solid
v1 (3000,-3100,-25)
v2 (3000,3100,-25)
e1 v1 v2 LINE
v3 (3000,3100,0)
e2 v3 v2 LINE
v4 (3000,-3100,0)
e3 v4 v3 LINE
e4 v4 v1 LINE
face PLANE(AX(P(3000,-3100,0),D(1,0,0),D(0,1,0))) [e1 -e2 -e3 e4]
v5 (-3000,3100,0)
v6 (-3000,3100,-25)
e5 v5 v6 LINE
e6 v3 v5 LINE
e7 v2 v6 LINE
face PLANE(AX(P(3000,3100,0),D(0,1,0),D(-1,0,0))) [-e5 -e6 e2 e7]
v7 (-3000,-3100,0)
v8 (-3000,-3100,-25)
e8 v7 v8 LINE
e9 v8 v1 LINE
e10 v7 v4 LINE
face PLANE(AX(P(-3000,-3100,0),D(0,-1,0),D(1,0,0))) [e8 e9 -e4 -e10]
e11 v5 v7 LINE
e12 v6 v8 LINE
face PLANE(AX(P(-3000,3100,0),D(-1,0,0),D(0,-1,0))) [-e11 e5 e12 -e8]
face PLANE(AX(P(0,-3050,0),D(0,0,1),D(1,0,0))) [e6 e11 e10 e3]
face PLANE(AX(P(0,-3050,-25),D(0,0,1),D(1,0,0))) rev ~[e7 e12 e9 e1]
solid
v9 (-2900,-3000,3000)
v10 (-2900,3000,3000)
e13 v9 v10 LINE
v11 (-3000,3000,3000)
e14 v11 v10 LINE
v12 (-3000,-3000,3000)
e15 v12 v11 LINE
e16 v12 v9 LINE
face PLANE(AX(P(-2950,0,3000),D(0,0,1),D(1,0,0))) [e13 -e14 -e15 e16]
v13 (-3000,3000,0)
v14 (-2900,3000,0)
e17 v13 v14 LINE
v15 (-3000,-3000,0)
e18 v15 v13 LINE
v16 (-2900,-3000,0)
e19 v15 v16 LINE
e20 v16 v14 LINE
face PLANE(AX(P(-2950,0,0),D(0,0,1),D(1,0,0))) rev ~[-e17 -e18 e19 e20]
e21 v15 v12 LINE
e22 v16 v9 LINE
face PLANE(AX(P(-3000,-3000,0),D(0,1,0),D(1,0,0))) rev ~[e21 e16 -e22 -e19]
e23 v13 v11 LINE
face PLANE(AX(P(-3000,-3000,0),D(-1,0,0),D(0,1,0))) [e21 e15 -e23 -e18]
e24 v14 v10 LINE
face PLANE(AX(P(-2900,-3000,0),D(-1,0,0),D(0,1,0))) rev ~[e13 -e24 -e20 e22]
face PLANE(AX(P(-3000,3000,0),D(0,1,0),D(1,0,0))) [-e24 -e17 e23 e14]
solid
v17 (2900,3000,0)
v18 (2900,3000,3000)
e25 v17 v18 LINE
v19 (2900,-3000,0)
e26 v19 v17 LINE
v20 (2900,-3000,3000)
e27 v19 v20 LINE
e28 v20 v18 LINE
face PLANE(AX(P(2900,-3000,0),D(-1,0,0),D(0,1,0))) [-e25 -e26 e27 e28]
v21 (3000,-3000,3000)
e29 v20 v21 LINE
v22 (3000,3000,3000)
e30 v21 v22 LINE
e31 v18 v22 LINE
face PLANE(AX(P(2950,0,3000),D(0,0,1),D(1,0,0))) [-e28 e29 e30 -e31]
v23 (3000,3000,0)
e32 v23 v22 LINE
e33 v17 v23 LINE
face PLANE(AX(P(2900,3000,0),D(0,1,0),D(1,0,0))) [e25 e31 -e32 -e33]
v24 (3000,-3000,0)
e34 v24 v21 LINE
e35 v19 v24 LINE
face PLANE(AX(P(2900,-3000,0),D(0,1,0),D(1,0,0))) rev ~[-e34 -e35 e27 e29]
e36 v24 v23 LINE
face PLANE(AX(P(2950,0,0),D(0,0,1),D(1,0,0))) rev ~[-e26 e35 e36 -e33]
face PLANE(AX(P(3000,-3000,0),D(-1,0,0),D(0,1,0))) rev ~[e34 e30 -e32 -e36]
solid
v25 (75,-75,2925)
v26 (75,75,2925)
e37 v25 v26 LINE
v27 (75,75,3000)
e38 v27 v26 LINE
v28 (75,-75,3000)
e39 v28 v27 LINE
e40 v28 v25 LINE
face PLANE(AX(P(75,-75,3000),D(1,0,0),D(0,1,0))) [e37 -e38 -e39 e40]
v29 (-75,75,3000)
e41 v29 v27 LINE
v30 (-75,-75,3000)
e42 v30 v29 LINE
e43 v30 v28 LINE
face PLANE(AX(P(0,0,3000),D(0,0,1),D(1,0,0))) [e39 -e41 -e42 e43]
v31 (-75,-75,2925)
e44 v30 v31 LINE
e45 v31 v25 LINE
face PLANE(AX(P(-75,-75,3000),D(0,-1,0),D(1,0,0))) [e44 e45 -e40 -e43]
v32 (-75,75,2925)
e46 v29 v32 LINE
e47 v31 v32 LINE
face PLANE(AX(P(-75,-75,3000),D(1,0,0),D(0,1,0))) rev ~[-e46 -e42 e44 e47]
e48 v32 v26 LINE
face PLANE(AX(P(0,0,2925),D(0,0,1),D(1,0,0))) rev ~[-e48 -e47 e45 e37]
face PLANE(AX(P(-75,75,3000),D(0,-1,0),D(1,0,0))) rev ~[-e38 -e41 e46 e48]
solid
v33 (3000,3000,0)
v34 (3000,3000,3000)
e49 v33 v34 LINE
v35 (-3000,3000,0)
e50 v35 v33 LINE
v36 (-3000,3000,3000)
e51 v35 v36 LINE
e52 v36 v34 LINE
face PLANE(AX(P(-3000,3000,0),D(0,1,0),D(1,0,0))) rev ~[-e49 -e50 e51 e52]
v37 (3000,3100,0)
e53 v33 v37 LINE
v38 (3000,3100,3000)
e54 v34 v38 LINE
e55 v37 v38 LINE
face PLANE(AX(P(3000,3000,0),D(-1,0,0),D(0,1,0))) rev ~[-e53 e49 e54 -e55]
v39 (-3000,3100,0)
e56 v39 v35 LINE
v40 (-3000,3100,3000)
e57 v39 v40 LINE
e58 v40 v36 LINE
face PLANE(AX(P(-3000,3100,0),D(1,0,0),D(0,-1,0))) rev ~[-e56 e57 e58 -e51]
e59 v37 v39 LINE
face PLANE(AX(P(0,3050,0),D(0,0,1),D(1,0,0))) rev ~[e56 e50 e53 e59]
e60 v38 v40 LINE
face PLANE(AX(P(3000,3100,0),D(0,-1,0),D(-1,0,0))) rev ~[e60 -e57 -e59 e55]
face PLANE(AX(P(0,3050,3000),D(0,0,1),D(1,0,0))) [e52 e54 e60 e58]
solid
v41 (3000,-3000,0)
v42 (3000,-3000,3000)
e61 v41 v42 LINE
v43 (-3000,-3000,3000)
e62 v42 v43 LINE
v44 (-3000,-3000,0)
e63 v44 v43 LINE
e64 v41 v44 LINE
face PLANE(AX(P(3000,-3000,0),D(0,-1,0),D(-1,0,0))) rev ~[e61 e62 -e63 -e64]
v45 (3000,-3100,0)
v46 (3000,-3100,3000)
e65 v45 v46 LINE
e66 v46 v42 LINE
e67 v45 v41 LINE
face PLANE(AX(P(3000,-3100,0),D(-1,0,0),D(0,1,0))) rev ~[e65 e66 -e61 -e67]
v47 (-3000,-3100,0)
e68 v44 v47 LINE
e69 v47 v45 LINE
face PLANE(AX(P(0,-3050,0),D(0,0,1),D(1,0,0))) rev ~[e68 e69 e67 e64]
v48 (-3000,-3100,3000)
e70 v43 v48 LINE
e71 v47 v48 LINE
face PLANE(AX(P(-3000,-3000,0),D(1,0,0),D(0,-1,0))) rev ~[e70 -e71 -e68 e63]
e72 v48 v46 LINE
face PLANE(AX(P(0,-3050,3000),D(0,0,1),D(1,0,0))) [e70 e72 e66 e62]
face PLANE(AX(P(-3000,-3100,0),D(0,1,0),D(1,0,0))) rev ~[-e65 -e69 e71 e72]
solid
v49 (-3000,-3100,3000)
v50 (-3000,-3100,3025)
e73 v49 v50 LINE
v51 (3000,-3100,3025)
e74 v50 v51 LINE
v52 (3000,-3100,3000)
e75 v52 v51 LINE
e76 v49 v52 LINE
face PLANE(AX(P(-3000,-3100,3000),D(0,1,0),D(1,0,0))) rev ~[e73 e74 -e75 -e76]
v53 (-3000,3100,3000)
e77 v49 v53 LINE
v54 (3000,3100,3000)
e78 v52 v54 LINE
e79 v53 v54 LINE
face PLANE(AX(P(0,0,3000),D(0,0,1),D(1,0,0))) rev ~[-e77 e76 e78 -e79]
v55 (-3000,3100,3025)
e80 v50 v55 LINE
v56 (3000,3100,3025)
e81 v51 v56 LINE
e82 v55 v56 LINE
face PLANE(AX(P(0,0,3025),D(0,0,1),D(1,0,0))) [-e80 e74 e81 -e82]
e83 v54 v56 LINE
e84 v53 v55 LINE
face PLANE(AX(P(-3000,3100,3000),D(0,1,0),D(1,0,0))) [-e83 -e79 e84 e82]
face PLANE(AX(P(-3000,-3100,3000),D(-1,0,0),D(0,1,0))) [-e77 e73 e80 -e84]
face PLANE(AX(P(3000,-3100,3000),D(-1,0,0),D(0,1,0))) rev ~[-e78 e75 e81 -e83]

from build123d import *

# Parameters (mm, degrees)
F1_DEPTH = 3000
F0_W     = 100
F0_H     = 6000
F2_DEPTH = 3000
F3_DEPTH = 3000
F4_DEPTH = 3000
F0_W_2   = 5800
F5_DEPTH = 25
F6_W     = 6000
F6_H     = 6200
F6_W_2   = 150
F6_H_2   = 150
F7_DEPTH = 25
F8_DEPTH = 75


with BuildPart() as f1:
    # F0 (on Top) → F1 (new body)
    with BuildSketch(Plane.XY):
        Polygon((-3000, 3100), (-3000, 3000), (-2900, 3000), (2900, 3000), (3000, 3000), (3000, 3100), align=None)
    extrude(amount=F1_DEPTH)


with BuildPart() as f2:
    # F0 (on Top) → F2 (new body, through all)
    with BuildSketch(Plane.XY):
        with Locations((-2950, 0)):
            Rectangle(F0_W, F0_H)
    extrude(amount=F2_DEPTH)


with BuildPart() as f3:
    # F0 (on Top) → F3 (new body, through all)
    with BuildSketch(Plane.XY):
        Polygon((-2900, -3000), (-3000, -3000), (-3000, -3100), (3000, -3100), (3000, -3000), (2900, -3000), align=None)
    extrude(amount=F3_DEPTH)


with BuildPart() as f4:
    # F0 (on Top) → F4 (new body, through all)
    with BuildSketch(Plane.XY):
        with Locations((2950, 0)):
            Rectangle(F0_W, F0_H)
    extrude(amount=F4_DEPTH)


with BuildPart() as f5:
    # F0 (on Top) → F5 (new body)
    with BuildSketch(Plane.XY):
        Polygon((-2900, -3000), (-3000, -3000), (-3000, -3100), (3000, -3100), (3000, -3000), (2900, -3000), align=None)
        with Locations((-2950, 0)):
            Rectangle(F0_W, F0_H)
        Rectangle(F0_W_2, F0_H)
        Polygon((-3000, 3100), (-3000, 3000), (-2900, 3000), (2900, 3000), (3000, 3000), (3000, 3100), align=None)
        with Locations((2950, 0)):
            Rectangle(F0_W, F0_H)
    extrude(amount=-F5_DEPTH)


with BuildPart() as f7:
    # F6 (on face) → F7 (new body)
    with BuildSketch(Plane.XY.offset(3000)):
        Rectangle(F6_W, F6_H)
        Rectangle(F6_W_2, F6_H_2, mode=Mode.SUBTRACT)
        Rectangle(F6_W_2, F6_H_2)
    extrude(amount=F7_DEPTH)


with BuildPart() as f8:
    # F6 (on face) → F8 (new body)
    with BuildSketch(Plane.XY.offset(3000)):
        Rectangle(F6_W_2, F6_H_2)
    extrude(amount=-F8_DEPTH)


solid = Compound([f1.part, f2.part, f3.part, f4.part, f5.part, f7.part, f8.part])
